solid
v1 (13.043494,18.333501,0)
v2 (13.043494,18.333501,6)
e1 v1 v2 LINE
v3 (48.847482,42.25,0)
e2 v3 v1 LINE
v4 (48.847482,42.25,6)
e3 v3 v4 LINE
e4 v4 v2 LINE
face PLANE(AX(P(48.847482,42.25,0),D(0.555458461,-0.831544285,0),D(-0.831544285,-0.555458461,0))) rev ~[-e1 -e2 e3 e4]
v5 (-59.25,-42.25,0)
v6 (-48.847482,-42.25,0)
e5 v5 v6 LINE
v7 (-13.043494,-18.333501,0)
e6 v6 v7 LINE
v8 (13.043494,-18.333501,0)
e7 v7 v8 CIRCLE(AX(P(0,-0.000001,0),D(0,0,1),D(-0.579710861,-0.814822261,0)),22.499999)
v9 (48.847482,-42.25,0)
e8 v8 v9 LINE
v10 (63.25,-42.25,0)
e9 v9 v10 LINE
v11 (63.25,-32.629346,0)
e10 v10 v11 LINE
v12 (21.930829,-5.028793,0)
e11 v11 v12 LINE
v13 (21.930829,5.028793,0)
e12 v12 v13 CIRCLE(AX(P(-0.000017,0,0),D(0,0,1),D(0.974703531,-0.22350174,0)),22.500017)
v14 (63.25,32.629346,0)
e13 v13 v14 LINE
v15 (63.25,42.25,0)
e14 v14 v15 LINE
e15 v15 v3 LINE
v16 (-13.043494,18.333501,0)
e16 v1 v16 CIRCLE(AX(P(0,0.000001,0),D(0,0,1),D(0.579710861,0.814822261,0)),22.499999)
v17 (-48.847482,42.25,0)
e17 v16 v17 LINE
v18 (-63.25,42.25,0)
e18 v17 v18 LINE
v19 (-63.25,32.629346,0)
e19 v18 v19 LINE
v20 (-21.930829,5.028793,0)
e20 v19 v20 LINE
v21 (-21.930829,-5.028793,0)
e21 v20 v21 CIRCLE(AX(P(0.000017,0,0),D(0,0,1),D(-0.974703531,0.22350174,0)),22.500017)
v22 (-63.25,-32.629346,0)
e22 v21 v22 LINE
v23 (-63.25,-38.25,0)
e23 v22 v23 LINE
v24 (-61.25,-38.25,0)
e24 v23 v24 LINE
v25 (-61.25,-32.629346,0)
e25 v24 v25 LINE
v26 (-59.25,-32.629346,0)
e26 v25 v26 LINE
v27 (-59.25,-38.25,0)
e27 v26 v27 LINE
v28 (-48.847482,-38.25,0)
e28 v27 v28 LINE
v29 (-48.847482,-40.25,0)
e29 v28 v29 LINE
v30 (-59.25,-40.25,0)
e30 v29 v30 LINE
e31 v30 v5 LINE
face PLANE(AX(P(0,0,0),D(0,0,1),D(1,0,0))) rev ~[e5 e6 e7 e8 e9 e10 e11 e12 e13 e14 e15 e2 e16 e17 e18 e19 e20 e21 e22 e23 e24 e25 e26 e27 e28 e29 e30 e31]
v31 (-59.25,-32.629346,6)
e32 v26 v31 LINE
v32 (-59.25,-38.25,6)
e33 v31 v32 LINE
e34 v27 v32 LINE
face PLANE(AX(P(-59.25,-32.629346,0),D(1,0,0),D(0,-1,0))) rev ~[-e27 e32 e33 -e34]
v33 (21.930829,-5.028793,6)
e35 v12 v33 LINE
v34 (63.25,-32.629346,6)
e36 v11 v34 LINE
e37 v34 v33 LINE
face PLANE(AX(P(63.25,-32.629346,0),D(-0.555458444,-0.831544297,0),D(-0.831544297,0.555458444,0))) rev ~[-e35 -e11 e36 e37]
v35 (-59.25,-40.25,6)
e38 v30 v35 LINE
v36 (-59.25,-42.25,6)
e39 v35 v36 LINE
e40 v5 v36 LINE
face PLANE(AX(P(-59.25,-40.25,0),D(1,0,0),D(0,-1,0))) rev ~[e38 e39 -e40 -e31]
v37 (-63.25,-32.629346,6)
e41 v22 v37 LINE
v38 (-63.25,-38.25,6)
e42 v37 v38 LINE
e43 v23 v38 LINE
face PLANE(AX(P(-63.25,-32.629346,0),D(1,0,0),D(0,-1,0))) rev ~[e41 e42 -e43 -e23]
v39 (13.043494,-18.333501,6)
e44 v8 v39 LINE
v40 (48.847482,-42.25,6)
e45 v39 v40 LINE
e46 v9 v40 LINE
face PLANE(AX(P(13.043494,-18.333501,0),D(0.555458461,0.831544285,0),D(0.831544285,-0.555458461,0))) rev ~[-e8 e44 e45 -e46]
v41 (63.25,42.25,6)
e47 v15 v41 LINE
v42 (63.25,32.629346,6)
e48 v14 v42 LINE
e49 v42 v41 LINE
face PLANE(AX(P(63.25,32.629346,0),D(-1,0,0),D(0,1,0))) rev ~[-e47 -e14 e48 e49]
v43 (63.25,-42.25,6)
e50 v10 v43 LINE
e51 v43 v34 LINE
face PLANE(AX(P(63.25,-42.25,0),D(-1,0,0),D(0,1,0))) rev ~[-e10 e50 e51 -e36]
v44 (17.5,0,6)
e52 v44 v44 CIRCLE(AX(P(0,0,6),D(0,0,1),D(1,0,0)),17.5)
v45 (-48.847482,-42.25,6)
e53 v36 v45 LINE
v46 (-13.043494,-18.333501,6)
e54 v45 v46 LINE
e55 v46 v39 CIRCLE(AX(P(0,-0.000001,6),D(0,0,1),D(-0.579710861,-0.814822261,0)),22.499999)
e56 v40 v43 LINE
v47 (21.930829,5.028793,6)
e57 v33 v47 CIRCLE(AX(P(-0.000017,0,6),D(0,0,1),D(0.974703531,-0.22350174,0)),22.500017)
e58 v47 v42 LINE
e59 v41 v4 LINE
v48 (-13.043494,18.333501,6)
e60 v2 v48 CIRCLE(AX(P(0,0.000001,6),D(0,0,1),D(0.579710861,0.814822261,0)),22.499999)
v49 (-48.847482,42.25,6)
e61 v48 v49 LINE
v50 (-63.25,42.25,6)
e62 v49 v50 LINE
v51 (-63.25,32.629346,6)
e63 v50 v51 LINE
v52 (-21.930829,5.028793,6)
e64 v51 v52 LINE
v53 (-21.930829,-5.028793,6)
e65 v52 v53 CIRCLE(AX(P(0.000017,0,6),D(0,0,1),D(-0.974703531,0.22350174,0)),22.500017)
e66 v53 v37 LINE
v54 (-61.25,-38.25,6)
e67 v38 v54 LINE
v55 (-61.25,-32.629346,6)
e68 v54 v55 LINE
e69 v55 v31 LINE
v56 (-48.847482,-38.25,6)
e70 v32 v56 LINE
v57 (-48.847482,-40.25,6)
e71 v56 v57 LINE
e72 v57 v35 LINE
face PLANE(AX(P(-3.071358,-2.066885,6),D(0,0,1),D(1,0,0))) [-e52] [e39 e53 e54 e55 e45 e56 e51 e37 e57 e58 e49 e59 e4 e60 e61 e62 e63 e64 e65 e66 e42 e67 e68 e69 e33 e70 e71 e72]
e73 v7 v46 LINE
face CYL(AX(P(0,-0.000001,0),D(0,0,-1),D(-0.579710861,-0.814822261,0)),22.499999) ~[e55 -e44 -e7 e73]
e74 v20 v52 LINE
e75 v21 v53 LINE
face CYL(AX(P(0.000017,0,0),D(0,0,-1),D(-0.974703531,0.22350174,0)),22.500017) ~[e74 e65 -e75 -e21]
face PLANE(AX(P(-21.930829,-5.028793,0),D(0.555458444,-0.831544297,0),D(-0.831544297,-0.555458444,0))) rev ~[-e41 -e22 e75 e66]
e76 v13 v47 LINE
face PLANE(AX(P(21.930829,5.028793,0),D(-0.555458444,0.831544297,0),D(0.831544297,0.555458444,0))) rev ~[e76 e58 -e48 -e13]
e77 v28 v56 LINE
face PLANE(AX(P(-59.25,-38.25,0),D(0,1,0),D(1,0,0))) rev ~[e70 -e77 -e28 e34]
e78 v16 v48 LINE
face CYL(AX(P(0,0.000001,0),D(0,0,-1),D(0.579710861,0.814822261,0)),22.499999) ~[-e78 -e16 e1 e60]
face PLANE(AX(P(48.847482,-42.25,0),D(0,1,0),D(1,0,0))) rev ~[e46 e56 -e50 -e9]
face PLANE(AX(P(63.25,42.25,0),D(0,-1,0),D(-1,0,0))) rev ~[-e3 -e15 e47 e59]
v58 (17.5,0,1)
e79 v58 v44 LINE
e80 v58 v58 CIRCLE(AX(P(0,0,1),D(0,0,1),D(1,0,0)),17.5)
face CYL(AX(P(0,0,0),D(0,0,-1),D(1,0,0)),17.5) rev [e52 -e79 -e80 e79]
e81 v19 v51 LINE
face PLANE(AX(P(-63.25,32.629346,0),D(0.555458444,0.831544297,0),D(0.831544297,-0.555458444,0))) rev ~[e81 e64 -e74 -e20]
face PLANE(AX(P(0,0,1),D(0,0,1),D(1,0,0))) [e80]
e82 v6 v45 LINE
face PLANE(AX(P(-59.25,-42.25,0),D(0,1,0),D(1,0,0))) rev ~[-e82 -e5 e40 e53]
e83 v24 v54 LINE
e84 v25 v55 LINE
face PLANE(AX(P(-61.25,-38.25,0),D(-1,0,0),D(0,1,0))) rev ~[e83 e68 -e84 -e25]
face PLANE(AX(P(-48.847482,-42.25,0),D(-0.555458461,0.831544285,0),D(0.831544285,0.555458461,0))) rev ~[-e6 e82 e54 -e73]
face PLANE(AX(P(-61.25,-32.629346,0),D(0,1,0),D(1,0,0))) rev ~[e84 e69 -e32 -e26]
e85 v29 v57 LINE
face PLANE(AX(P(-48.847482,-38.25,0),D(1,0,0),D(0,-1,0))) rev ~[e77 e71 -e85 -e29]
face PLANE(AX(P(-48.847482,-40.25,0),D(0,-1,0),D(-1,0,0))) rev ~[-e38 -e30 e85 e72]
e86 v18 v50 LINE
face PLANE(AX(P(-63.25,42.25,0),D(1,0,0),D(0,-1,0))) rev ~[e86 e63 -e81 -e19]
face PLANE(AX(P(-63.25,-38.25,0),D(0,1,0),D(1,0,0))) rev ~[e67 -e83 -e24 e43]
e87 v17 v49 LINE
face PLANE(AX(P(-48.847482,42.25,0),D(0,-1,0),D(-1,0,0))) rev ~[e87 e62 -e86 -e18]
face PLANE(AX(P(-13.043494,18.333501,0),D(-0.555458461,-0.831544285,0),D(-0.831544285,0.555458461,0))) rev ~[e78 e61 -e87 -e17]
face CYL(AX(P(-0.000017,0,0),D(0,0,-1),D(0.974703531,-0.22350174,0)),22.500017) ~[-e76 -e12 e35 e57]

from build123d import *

# Parameters (mm, degrees)
F0_R     = 17.5
F1_DEPTH = 6
F2_DEPTH = 1


with BuildPart() as f1:
    # F0 (on Top) → F1 (new body)
    with BuildSketch(Plane.XY):
        with BuildLine():
            Line((-59.25, -40.25), (-59.25, -42.25))
            Line((-59.25, -42.25), (-48.847482, -42.25))
            Line((-48.847482, -42.25), (-13.043494, -18.333501))
            ThreePointArc((-13.043494, -18.333501), (0, -22.5), (13.043494, -18.333501))
            Line((13.043494, -18.333501), (48.847482, -42.25))
            Line((48.847482, -42.25), (63.25, -42.25))
            Line((63.25, -42.25), (63.25, -32.629346))
            Line((63.25, -32.629346), (21.930829, -5.028793))
            ThreePointArc((21.930829, -5.028793), (22.5, 0), (21.930829, 5.028793))
            Line((21.930829, 5.028793), (63.25, 32.629346))
            Line((63.25, 32.629346), (63.25, 42.25))
            Line((63.25, 42.25), (48.847482, 42.25))
            Line((48.847482, 42.25), (13.043494, 18.333501))
            ThreePointArc((13.043494, 18.333501), (0, 22.5), (-13.043494, 18.333501))
            Line((-13.043494, 18.333501), (-48.847482, 42.25))
            Line((-48.847482, 42.25), (-63.25, 42.25))
            Line((-63.25, 42.25), (-63.25, 32.629346))
            Line((-63.25, 32.629346), (-21.930829, 5.028793))
            ThreePointArc((-21.930829, 5.028793), (-22.5, 0), (-21.930829, -5.028793))
            Line((-21.930829, -5.028793), (-63.25, -32.629346))
            Line((-63.25, -32.629346), (-63.25, -38.25))
            Line((-63.25, -38.25), (-61.25, -38.25))
            Line((-61.25, -38.25), (-61.25, -32.629346))
            Line((-61.25, -32.629346), (-59.25, -32.629346))
            Line((-59.25, -32.629346), (-59.25, -38.25))
            Line((-59.25, -38.25), (-48.847482, -38.25))
            Line((-48.847482, -38.25), (-48.847482, -40.25))
            Line((-48.847482, -40.25), (-59.25, -40.25))
        make_face()
        Circle(F0_R, mode=Mode.SUBTRACT)
    extrude(amount=F1_DEPTH)

    # F0 (on Top) → F2 (join)
    with BuildSketch(Plane.XY):
        Circle(F0_R)
    extrude(amount=F2_DEPTH)


solid = f1.part
